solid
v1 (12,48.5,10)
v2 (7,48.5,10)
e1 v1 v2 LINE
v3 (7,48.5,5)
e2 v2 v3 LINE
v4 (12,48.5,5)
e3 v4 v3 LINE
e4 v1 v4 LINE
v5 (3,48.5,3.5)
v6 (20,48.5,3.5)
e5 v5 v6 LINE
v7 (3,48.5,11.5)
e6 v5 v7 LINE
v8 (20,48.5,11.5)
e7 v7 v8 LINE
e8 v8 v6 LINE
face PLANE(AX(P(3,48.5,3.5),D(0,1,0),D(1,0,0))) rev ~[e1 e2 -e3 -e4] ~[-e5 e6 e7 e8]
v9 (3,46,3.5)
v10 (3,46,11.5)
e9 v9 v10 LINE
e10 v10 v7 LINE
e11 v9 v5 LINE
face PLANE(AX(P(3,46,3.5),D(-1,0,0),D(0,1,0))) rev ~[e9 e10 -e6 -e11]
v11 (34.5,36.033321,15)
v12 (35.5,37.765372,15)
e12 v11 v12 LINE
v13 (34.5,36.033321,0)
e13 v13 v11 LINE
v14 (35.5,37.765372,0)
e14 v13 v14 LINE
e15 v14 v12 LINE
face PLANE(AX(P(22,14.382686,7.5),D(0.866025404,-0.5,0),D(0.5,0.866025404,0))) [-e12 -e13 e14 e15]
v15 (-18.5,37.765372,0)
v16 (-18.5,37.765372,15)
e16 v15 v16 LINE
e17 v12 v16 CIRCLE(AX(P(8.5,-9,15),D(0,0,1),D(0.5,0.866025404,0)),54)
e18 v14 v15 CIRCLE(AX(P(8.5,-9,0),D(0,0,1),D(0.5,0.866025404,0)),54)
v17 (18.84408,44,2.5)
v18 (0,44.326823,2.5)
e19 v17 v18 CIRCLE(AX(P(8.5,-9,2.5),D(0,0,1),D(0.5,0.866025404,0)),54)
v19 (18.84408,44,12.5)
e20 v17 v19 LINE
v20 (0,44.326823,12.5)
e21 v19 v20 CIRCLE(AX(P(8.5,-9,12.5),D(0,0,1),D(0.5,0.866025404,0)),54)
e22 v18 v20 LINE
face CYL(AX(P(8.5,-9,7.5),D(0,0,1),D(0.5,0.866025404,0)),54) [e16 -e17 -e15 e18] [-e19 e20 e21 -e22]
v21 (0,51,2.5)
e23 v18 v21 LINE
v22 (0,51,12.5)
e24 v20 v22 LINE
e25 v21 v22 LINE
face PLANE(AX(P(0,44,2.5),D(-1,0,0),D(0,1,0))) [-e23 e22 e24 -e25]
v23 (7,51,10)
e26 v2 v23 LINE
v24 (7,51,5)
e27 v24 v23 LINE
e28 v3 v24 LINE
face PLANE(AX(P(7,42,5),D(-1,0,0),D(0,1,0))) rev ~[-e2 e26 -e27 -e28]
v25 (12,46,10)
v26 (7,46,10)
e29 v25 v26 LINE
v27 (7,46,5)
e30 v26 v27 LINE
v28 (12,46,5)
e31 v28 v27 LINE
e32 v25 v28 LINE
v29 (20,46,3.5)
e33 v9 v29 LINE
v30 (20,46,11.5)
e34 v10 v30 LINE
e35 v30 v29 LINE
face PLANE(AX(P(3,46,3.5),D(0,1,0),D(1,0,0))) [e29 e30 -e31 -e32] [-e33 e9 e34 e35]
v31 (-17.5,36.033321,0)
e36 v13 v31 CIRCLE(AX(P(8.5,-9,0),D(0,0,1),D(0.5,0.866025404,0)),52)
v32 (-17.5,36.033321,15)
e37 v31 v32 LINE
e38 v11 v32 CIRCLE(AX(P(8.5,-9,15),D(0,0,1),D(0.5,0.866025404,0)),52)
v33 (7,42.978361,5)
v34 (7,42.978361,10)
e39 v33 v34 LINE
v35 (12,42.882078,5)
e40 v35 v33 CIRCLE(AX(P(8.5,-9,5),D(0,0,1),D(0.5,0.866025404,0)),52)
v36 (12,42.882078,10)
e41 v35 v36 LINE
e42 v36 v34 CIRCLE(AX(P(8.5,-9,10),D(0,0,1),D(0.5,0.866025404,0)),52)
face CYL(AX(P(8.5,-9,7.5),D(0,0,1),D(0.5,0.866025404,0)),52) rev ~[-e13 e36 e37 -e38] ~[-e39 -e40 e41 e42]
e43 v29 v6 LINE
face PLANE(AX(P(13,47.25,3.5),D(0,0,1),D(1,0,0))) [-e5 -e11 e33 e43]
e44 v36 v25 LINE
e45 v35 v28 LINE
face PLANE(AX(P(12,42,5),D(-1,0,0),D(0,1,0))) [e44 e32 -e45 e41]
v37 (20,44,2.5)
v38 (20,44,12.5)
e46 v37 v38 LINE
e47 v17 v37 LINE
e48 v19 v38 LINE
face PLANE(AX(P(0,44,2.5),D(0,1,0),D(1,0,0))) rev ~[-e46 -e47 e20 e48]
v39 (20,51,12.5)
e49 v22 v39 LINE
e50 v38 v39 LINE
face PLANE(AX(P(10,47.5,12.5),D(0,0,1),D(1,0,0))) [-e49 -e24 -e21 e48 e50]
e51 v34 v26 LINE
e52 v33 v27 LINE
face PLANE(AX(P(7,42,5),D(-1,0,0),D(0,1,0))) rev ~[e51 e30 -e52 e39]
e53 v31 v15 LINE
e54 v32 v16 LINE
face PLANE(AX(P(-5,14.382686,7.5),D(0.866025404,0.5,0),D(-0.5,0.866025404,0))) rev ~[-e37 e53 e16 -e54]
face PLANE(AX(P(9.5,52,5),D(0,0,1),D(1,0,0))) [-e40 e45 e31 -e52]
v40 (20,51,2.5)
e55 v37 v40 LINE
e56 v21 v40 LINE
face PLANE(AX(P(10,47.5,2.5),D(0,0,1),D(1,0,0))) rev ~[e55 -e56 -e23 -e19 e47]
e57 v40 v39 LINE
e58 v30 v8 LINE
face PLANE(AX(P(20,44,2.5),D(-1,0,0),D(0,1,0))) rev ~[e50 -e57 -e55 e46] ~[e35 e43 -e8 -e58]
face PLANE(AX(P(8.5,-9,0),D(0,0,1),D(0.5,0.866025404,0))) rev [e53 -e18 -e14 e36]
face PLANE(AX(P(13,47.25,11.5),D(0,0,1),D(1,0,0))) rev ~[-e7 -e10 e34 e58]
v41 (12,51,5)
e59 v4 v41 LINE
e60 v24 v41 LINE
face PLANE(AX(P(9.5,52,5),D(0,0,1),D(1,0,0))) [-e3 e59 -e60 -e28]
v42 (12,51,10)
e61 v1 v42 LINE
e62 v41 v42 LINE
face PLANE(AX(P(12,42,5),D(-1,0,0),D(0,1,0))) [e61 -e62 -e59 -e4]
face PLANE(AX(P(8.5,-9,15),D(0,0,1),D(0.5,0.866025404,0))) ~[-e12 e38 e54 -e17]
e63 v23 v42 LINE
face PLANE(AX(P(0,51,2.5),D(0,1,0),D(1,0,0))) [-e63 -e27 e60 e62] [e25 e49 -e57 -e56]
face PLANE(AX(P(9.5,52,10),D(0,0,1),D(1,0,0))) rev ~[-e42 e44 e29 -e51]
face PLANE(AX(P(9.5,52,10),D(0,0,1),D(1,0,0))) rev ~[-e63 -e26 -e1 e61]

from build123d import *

# Parameters (mm, degrees)
BOX002_W                    = 20
BOX002_H                    = 2.5
BOX002_DEPTH                = 8
BOX_W                       = 5
BOX_H                       = 20
BOX_DEPTH                   = 5
BOX001_W                    = 20
BOX001_H                    = 7
BOX001_DEPTH                = 10
CYLINDER001_W               = 52
CYLINDER001_H               = 15
CYLINDER001_ANGLE           = 60
CYLINDER001_PLACEMENT_ANGLE = 60
CYLINDER_W                  = 54
CYLINDER_H                  = 15
CYLINDER_ANGLE              = 60
CYLINDER_PLACEMENT_ANGLE    = 60


with BuildPart() as slot:
    # Box002 → Box002 (new body)
    with BuildSketch(Plane(origin=(3, 46, 3.5), x_dir=(1, 0, 0), z_dir=(0, 0, 1))):
        with Locations((10, 1.25)):
            Rectangle(BOX002_W, BOX002_H)
    extrude(amount=BOX002_DEPTH)


with BuildPart() as pin_opening:
    # Box → Box (new body)
    with BuildSketch(Plane(origin=(7, 42, 5), x_dir=(1, 0, 0), z_dir=(0, 0, 1))):
        with Locations((2.5, 10)):
            Rectangle(BOX_W, BOX_H)
    extrude(amount=BOX_DEPTH)


with BuildPart() as latch:
    # Box001 → Box001 (new body)
    with BuildSketch(Plane(origin=(0, 44, 2.5), x_dir=(1, 0, 0), z_dir=(0, 0, 1))):
        with Locations((10, 3.5)):
            Rectangle(BOX001_W, BOX001_H)
    extrude(amount=BOX001_DEPTH)


with BuildPart() as bottle_wall001:
    # Cylinder001 → Cylinder001 (revolve)
    with BuildSketch(Plane.XZ):
        with Locations((26, 7.5)):
            Rectangle(CYLINDER001_W, CYLINDER001_H)
    revolve(axis=Axis((0, 0, 0), (0, 0, 1)), revolution_arc=CYLINDER001_ANGLE)


with BuildPart() as bottle_wall001_1:
    # Cylinder001 placement: moved
    add(bottle_wall001.part.moved(Location((8.5, -7, 0))).rotate(Axis((8.5, -7, 0), (0, 0, 1)), CYLINDER001_PLACEMENT_ANGLE))


with BuildPart() as cut002:
    # Cylinder → Cylinder (revolve)
    with BuildSketch(Plane.XZ):
        with Locations((27, 7.5)):
            Rectangle(CYLINDER_W, CYLINDER_H)
    revolve(axis=Axis((0, 0, 0), (0, 0, 1)), revolution_arc=CYLINDER_ANGLE)


with BuildPart() as cut002_1:
    # Cylinder placement: moved
    add(cut002.part.moved(Location((8.5, -7, 0))).rotate(Axis((8.5, -7, 0), (0, 0, 1)), CYLINDER_PLACEMENT_ANGLE))

    # Cut: cut bottle_wall001
    add(bottle_wall001_1.part, mode=Mode.SUBTRACT)


with BuildPart() as cut002_2:
    # Cut placement: moved
    add(cut002_1.part.moved(Location((0, -2, 0))))

    # Fusion: union latch
    add(latch.part)

    # Fusion001: union latch
    add(latch.part)

    # Cut001: cut pin_opening
    add(pin_opening.part, mode=Mode.SUBTRACT)

    # Cut002: cut slot
    add(slot.part, mode=Mode.SUBTRACT)


solid = cut002_2.part
